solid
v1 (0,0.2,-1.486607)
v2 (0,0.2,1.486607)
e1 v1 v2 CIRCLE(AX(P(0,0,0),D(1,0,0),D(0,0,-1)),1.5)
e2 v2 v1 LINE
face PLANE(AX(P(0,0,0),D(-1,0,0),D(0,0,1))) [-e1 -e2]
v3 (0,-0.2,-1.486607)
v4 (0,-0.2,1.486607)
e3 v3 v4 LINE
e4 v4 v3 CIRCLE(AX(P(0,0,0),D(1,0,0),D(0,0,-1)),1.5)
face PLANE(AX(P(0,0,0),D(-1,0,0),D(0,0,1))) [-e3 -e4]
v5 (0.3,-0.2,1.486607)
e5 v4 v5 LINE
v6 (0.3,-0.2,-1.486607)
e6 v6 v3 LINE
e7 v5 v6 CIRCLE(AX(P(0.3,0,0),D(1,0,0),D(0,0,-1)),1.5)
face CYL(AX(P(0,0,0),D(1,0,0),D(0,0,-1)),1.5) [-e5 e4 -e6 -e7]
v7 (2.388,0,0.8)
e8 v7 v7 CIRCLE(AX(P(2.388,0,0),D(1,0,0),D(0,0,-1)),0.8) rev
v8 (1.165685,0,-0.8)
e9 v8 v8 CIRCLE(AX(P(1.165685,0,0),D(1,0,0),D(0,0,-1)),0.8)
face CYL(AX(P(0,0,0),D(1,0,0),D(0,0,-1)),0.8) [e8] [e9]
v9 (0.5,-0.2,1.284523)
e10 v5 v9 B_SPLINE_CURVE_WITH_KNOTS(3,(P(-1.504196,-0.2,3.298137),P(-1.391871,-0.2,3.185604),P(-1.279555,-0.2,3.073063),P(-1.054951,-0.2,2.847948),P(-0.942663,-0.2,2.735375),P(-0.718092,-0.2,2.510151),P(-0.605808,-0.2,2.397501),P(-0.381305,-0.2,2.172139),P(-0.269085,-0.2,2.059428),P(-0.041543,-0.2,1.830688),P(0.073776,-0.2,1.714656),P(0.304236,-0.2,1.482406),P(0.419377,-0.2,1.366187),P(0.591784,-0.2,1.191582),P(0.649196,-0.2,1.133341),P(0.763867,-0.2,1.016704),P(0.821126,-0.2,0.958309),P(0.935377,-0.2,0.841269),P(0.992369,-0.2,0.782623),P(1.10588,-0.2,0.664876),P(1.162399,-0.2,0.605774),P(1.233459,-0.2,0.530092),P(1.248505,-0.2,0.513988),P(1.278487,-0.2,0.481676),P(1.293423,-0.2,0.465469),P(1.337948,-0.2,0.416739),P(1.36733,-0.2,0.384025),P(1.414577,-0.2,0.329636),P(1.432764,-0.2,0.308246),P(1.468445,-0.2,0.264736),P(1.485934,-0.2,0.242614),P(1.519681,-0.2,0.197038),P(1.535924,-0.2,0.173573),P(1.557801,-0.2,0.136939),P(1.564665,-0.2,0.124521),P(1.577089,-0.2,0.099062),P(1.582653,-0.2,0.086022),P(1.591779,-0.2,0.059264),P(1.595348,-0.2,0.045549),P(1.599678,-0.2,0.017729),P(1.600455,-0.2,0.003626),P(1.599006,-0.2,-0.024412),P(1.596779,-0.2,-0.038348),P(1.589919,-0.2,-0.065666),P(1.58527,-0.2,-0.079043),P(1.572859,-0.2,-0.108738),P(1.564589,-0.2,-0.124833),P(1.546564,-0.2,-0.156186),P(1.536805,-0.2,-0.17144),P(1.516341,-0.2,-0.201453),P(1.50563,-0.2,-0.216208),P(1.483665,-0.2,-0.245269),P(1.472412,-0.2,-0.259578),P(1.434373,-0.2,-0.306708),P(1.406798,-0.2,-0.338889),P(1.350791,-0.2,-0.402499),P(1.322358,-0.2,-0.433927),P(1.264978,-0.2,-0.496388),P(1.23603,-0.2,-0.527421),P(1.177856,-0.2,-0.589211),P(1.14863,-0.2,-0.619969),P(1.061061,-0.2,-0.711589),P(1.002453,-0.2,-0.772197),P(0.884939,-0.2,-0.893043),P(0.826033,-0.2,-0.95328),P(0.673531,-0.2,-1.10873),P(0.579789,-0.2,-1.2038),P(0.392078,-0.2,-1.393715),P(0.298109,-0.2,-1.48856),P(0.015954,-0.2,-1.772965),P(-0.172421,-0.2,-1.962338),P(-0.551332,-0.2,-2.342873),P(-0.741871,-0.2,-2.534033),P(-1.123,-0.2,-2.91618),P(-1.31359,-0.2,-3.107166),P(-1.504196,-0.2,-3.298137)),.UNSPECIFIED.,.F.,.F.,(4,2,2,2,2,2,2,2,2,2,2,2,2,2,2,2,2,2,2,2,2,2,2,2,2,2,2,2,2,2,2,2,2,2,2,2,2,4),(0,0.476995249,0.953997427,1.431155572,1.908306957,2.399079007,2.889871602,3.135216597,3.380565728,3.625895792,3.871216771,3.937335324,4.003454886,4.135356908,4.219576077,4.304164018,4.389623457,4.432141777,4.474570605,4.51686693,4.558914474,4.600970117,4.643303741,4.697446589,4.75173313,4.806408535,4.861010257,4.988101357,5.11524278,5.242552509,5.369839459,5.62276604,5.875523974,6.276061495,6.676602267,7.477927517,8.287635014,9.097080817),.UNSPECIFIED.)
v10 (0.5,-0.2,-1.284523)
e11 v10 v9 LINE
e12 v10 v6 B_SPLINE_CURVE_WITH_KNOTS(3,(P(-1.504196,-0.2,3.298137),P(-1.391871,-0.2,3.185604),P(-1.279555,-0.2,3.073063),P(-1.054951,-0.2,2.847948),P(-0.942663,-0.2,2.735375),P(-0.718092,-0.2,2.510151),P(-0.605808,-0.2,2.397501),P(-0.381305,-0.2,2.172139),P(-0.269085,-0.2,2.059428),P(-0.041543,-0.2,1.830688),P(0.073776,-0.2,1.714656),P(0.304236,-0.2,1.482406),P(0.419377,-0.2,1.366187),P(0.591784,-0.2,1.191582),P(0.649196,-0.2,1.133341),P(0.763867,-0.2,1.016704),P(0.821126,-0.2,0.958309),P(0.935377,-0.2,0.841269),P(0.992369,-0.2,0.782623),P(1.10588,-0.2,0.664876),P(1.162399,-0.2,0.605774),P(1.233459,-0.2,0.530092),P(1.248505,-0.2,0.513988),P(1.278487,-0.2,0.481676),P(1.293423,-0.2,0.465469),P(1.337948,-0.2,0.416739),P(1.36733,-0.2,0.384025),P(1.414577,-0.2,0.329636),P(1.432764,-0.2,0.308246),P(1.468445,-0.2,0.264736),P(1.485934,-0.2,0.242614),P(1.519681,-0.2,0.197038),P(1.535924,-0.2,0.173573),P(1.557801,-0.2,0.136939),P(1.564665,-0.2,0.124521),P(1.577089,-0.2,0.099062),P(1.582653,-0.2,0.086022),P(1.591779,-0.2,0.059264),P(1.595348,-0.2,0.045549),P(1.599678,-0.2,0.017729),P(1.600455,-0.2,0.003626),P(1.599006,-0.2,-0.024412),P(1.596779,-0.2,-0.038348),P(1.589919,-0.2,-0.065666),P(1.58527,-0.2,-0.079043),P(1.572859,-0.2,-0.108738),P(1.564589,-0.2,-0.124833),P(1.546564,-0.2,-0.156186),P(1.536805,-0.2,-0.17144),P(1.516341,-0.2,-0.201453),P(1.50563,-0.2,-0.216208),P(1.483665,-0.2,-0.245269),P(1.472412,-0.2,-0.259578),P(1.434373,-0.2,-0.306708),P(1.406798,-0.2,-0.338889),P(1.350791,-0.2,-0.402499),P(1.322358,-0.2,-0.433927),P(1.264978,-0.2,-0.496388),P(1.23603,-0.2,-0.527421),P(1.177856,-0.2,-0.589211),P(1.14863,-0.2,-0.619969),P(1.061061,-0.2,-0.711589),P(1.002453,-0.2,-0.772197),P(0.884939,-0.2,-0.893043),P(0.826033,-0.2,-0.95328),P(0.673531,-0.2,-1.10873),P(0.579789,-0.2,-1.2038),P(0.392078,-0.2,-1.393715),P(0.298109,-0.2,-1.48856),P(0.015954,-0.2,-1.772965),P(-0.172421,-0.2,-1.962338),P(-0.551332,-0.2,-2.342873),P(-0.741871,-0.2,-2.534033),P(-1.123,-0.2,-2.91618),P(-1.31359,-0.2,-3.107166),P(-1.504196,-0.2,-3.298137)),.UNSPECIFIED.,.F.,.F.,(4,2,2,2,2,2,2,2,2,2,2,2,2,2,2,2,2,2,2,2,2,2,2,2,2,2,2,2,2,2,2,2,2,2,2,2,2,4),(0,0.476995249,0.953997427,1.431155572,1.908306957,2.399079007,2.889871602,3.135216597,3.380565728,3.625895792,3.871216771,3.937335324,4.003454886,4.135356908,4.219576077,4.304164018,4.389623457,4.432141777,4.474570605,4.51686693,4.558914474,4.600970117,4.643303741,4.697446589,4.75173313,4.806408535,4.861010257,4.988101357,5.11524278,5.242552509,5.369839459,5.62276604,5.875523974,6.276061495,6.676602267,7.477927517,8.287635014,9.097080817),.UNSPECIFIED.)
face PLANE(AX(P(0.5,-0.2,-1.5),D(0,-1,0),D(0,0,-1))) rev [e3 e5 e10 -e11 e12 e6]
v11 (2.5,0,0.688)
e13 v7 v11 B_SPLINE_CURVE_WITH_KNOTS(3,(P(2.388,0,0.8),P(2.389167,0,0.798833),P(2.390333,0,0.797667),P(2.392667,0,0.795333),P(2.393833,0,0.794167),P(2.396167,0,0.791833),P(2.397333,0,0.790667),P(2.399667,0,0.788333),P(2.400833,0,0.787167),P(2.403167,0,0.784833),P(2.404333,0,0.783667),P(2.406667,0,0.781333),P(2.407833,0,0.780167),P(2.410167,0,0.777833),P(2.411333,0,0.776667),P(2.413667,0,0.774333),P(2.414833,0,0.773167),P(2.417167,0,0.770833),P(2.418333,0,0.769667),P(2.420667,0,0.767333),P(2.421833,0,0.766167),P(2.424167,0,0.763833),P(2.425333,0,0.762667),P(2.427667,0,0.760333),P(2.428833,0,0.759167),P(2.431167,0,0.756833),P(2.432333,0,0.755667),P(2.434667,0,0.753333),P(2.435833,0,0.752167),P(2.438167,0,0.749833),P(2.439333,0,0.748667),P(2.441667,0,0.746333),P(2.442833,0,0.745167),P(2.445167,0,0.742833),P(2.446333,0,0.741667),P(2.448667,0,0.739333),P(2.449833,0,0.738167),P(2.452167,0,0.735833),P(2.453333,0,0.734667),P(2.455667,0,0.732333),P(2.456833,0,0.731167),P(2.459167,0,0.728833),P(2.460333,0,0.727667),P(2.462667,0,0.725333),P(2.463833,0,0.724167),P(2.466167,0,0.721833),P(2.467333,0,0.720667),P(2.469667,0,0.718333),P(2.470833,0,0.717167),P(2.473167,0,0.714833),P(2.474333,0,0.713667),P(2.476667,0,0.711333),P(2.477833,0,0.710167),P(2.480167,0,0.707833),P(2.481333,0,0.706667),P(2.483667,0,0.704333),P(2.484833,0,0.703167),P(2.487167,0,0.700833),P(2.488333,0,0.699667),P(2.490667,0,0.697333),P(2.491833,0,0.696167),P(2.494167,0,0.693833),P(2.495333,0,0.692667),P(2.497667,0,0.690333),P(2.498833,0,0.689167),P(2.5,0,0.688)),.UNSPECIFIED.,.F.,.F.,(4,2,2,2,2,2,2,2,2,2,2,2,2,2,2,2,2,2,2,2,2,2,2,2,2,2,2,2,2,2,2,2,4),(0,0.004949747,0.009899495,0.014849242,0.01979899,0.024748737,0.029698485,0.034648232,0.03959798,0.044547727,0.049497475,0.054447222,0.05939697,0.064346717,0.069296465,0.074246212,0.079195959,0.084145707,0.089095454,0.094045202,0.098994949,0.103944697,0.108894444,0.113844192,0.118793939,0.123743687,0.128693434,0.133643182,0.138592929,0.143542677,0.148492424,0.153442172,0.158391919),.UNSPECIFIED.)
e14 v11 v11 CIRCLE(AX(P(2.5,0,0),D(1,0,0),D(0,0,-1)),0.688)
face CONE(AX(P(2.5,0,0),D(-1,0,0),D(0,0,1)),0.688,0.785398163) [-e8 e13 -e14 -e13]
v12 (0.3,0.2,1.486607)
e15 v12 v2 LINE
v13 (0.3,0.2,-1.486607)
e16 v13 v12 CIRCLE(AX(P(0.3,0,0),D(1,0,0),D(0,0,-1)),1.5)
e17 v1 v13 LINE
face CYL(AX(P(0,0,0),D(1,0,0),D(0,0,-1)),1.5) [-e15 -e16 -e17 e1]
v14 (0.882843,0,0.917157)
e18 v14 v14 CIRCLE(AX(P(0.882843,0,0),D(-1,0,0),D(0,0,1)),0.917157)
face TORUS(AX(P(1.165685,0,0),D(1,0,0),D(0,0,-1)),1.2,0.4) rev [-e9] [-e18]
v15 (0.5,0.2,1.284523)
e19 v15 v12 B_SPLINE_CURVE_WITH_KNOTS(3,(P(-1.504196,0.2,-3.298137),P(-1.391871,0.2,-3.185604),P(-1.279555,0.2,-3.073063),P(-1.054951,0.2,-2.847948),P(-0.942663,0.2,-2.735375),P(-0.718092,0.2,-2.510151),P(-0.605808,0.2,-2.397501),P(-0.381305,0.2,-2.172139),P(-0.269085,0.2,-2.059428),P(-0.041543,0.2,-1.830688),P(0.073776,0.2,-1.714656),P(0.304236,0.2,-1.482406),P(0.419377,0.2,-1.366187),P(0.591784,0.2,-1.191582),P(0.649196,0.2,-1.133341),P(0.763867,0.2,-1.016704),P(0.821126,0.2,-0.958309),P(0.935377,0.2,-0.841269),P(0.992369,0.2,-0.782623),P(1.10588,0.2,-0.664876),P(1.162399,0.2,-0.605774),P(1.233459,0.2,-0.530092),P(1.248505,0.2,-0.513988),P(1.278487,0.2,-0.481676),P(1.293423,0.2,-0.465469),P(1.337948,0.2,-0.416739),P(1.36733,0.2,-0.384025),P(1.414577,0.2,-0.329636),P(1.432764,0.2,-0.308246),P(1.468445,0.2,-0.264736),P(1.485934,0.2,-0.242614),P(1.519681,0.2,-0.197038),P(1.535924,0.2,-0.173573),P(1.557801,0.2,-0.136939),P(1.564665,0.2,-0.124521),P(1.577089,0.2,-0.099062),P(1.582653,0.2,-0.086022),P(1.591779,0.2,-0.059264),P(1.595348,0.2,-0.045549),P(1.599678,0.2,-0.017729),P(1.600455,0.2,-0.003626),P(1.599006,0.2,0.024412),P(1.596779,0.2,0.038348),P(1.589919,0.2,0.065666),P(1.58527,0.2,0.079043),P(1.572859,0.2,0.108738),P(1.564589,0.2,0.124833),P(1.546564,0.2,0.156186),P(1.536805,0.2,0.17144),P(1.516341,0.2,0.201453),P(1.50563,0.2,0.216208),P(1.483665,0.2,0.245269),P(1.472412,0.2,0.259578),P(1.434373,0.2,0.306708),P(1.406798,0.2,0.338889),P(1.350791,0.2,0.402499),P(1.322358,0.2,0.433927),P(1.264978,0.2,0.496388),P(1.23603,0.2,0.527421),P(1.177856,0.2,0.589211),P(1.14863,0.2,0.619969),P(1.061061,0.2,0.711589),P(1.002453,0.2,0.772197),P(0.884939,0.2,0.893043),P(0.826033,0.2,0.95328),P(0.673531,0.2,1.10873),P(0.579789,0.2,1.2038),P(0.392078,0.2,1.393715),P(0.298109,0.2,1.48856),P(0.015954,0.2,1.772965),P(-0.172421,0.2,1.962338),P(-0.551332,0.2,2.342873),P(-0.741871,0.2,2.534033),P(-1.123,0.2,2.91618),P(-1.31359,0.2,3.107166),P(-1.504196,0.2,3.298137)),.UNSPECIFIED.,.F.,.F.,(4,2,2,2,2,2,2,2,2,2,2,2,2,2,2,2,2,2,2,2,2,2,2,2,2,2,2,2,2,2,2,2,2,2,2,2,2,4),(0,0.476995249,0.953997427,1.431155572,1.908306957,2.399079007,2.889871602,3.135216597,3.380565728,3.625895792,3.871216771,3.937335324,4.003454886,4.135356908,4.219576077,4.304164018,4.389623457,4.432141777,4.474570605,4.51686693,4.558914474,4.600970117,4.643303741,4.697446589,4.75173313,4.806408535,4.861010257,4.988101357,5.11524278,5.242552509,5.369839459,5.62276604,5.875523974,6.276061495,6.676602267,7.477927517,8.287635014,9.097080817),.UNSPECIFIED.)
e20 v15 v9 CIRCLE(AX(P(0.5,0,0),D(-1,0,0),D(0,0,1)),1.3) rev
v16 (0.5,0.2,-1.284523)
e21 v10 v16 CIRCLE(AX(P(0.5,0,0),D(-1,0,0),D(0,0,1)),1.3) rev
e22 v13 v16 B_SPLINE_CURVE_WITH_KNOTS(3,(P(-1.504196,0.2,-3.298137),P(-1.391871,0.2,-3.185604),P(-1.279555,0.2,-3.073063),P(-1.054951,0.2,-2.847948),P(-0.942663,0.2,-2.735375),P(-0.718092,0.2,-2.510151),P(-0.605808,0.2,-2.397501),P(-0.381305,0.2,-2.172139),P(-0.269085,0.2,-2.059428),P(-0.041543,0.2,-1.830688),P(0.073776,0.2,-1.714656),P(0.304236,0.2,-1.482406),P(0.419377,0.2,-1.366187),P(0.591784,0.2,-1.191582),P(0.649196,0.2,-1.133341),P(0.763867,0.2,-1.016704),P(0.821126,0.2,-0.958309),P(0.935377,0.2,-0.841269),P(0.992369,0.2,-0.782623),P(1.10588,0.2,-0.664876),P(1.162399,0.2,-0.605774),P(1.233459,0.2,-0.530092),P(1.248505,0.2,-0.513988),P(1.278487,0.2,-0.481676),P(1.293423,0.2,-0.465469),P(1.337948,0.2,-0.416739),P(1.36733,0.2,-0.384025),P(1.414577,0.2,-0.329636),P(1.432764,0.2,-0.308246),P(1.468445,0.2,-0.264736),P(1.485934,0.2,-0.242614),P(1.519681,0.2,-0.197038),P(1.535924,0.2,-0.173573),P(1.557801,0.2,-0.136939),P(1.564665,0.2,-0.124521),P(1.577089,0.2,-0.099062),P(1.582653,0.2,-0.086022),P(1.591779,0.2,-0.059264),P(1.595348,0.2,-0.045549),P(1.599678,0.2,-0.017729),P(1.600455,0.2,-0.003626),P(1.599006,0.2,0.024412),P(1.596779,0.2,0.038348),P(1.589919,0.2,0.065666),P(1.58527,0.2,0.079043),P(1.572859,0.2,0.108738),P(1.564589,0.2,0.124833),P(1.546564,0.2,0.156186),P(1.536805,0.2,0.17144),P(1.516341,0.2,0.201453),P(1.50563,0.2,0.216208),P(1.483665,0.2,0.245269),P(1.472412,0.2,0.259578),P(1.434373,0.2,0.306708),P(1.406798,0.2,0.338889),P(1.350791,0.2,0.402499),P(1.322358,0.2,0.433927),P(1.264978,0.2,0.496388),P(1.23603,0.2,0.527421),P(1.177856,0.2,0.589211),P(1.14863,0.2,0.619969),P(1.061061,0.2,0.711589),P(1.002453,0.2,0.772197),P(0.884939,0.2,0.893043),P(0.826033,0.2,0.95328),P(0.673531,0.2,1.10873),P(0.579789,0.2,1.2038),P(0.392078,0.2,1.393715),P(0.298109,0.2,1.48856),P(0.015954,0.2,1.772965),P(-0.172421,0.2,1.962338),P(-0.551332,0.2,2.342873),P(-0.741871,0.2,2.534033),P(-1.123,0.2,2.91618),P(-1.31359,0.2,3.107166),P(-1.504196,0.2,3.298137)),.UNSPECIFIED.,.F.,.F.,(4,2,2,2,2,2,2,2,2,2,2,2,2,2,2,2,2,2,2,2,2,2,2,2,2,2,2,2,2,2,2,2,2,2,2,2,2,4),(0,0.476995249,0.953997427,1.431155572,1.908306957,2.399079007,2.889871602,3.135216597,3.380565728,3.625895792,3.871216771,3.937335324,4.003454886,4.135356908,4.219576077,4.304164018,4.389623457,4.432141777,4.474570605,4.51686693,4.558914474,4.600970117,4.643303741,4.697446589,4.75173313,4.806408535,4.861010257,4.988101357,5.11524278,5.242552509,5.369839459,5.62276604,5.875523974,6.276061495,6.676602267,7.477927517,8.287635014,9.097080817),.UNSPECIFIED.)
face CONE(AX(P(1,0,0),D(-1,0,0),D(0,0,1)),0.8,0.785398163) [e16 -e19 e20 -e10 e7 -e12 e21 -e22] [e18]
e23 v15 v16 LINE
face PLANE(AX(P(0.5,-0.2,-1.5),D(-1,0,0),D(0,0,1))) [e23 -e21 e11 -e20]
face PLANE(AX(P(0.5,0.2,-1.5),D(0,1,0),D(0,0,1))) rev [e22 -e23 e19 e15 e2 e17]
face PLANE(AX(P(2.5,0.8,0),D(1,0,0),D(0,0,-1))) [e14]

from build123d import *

# Parameters (mm, degrees)
ZAOBLIT1_R               = 0.4
ZKOSIT1_SIZE             = 0.112
SKICA2_W                 = 3
SKICA2_H                 = 0.4
ODEBRAT_VYSUNUT_M1_DEPTH = 0.5


with BuildPart() as part:
    # Skica1 → Otočit kolem osy1 (revolve)
    with BuildSketch(Plane.XY, mode=Mode.PRIVATE) as oto_it_kolem_osy1_sk:
        Polygon((0, 0), (0, 1.5), (0.3, 1.5), (1, 0.8), (2.5, 0.8), (2.5, 0), align=None)
    revolve(oto_it_kolem_osy1_sk.sketch.rotate(Axis((0, 0, 0), (-1, 0, 0)), 90), axis=Axis((0, 0, 0), (-1, 0, 0)))

    # Zaoblit1
    zaoblit1_edges = [part.edges().sort_by_distance(p)[0] for p in [
        (1, 0, 0.8),
    ]]
    fillet(zaoblit1_edges, radius=ZAOBLIT1_R)

    # Zkosit1
    zkosit1_edges = [part.edges().sort_by_distance(p)[0] for p in [
        (2.5, 0, 0.8),
    ]]
    chamfer(zkosit1_edges, length=ZKOSIT1_SIZE)

    # Skica2 → Odebrat vysunutím1 (cut)
    with BuildSketch(Plane.ZY):
        Rectangle(SKICA2_W, SKICA2_H)
    extrude(amount=-ODEBRAT_VYSUNUT_M1_DEPTH, mode=Mode.SUBTRACT)


solid = part.part
